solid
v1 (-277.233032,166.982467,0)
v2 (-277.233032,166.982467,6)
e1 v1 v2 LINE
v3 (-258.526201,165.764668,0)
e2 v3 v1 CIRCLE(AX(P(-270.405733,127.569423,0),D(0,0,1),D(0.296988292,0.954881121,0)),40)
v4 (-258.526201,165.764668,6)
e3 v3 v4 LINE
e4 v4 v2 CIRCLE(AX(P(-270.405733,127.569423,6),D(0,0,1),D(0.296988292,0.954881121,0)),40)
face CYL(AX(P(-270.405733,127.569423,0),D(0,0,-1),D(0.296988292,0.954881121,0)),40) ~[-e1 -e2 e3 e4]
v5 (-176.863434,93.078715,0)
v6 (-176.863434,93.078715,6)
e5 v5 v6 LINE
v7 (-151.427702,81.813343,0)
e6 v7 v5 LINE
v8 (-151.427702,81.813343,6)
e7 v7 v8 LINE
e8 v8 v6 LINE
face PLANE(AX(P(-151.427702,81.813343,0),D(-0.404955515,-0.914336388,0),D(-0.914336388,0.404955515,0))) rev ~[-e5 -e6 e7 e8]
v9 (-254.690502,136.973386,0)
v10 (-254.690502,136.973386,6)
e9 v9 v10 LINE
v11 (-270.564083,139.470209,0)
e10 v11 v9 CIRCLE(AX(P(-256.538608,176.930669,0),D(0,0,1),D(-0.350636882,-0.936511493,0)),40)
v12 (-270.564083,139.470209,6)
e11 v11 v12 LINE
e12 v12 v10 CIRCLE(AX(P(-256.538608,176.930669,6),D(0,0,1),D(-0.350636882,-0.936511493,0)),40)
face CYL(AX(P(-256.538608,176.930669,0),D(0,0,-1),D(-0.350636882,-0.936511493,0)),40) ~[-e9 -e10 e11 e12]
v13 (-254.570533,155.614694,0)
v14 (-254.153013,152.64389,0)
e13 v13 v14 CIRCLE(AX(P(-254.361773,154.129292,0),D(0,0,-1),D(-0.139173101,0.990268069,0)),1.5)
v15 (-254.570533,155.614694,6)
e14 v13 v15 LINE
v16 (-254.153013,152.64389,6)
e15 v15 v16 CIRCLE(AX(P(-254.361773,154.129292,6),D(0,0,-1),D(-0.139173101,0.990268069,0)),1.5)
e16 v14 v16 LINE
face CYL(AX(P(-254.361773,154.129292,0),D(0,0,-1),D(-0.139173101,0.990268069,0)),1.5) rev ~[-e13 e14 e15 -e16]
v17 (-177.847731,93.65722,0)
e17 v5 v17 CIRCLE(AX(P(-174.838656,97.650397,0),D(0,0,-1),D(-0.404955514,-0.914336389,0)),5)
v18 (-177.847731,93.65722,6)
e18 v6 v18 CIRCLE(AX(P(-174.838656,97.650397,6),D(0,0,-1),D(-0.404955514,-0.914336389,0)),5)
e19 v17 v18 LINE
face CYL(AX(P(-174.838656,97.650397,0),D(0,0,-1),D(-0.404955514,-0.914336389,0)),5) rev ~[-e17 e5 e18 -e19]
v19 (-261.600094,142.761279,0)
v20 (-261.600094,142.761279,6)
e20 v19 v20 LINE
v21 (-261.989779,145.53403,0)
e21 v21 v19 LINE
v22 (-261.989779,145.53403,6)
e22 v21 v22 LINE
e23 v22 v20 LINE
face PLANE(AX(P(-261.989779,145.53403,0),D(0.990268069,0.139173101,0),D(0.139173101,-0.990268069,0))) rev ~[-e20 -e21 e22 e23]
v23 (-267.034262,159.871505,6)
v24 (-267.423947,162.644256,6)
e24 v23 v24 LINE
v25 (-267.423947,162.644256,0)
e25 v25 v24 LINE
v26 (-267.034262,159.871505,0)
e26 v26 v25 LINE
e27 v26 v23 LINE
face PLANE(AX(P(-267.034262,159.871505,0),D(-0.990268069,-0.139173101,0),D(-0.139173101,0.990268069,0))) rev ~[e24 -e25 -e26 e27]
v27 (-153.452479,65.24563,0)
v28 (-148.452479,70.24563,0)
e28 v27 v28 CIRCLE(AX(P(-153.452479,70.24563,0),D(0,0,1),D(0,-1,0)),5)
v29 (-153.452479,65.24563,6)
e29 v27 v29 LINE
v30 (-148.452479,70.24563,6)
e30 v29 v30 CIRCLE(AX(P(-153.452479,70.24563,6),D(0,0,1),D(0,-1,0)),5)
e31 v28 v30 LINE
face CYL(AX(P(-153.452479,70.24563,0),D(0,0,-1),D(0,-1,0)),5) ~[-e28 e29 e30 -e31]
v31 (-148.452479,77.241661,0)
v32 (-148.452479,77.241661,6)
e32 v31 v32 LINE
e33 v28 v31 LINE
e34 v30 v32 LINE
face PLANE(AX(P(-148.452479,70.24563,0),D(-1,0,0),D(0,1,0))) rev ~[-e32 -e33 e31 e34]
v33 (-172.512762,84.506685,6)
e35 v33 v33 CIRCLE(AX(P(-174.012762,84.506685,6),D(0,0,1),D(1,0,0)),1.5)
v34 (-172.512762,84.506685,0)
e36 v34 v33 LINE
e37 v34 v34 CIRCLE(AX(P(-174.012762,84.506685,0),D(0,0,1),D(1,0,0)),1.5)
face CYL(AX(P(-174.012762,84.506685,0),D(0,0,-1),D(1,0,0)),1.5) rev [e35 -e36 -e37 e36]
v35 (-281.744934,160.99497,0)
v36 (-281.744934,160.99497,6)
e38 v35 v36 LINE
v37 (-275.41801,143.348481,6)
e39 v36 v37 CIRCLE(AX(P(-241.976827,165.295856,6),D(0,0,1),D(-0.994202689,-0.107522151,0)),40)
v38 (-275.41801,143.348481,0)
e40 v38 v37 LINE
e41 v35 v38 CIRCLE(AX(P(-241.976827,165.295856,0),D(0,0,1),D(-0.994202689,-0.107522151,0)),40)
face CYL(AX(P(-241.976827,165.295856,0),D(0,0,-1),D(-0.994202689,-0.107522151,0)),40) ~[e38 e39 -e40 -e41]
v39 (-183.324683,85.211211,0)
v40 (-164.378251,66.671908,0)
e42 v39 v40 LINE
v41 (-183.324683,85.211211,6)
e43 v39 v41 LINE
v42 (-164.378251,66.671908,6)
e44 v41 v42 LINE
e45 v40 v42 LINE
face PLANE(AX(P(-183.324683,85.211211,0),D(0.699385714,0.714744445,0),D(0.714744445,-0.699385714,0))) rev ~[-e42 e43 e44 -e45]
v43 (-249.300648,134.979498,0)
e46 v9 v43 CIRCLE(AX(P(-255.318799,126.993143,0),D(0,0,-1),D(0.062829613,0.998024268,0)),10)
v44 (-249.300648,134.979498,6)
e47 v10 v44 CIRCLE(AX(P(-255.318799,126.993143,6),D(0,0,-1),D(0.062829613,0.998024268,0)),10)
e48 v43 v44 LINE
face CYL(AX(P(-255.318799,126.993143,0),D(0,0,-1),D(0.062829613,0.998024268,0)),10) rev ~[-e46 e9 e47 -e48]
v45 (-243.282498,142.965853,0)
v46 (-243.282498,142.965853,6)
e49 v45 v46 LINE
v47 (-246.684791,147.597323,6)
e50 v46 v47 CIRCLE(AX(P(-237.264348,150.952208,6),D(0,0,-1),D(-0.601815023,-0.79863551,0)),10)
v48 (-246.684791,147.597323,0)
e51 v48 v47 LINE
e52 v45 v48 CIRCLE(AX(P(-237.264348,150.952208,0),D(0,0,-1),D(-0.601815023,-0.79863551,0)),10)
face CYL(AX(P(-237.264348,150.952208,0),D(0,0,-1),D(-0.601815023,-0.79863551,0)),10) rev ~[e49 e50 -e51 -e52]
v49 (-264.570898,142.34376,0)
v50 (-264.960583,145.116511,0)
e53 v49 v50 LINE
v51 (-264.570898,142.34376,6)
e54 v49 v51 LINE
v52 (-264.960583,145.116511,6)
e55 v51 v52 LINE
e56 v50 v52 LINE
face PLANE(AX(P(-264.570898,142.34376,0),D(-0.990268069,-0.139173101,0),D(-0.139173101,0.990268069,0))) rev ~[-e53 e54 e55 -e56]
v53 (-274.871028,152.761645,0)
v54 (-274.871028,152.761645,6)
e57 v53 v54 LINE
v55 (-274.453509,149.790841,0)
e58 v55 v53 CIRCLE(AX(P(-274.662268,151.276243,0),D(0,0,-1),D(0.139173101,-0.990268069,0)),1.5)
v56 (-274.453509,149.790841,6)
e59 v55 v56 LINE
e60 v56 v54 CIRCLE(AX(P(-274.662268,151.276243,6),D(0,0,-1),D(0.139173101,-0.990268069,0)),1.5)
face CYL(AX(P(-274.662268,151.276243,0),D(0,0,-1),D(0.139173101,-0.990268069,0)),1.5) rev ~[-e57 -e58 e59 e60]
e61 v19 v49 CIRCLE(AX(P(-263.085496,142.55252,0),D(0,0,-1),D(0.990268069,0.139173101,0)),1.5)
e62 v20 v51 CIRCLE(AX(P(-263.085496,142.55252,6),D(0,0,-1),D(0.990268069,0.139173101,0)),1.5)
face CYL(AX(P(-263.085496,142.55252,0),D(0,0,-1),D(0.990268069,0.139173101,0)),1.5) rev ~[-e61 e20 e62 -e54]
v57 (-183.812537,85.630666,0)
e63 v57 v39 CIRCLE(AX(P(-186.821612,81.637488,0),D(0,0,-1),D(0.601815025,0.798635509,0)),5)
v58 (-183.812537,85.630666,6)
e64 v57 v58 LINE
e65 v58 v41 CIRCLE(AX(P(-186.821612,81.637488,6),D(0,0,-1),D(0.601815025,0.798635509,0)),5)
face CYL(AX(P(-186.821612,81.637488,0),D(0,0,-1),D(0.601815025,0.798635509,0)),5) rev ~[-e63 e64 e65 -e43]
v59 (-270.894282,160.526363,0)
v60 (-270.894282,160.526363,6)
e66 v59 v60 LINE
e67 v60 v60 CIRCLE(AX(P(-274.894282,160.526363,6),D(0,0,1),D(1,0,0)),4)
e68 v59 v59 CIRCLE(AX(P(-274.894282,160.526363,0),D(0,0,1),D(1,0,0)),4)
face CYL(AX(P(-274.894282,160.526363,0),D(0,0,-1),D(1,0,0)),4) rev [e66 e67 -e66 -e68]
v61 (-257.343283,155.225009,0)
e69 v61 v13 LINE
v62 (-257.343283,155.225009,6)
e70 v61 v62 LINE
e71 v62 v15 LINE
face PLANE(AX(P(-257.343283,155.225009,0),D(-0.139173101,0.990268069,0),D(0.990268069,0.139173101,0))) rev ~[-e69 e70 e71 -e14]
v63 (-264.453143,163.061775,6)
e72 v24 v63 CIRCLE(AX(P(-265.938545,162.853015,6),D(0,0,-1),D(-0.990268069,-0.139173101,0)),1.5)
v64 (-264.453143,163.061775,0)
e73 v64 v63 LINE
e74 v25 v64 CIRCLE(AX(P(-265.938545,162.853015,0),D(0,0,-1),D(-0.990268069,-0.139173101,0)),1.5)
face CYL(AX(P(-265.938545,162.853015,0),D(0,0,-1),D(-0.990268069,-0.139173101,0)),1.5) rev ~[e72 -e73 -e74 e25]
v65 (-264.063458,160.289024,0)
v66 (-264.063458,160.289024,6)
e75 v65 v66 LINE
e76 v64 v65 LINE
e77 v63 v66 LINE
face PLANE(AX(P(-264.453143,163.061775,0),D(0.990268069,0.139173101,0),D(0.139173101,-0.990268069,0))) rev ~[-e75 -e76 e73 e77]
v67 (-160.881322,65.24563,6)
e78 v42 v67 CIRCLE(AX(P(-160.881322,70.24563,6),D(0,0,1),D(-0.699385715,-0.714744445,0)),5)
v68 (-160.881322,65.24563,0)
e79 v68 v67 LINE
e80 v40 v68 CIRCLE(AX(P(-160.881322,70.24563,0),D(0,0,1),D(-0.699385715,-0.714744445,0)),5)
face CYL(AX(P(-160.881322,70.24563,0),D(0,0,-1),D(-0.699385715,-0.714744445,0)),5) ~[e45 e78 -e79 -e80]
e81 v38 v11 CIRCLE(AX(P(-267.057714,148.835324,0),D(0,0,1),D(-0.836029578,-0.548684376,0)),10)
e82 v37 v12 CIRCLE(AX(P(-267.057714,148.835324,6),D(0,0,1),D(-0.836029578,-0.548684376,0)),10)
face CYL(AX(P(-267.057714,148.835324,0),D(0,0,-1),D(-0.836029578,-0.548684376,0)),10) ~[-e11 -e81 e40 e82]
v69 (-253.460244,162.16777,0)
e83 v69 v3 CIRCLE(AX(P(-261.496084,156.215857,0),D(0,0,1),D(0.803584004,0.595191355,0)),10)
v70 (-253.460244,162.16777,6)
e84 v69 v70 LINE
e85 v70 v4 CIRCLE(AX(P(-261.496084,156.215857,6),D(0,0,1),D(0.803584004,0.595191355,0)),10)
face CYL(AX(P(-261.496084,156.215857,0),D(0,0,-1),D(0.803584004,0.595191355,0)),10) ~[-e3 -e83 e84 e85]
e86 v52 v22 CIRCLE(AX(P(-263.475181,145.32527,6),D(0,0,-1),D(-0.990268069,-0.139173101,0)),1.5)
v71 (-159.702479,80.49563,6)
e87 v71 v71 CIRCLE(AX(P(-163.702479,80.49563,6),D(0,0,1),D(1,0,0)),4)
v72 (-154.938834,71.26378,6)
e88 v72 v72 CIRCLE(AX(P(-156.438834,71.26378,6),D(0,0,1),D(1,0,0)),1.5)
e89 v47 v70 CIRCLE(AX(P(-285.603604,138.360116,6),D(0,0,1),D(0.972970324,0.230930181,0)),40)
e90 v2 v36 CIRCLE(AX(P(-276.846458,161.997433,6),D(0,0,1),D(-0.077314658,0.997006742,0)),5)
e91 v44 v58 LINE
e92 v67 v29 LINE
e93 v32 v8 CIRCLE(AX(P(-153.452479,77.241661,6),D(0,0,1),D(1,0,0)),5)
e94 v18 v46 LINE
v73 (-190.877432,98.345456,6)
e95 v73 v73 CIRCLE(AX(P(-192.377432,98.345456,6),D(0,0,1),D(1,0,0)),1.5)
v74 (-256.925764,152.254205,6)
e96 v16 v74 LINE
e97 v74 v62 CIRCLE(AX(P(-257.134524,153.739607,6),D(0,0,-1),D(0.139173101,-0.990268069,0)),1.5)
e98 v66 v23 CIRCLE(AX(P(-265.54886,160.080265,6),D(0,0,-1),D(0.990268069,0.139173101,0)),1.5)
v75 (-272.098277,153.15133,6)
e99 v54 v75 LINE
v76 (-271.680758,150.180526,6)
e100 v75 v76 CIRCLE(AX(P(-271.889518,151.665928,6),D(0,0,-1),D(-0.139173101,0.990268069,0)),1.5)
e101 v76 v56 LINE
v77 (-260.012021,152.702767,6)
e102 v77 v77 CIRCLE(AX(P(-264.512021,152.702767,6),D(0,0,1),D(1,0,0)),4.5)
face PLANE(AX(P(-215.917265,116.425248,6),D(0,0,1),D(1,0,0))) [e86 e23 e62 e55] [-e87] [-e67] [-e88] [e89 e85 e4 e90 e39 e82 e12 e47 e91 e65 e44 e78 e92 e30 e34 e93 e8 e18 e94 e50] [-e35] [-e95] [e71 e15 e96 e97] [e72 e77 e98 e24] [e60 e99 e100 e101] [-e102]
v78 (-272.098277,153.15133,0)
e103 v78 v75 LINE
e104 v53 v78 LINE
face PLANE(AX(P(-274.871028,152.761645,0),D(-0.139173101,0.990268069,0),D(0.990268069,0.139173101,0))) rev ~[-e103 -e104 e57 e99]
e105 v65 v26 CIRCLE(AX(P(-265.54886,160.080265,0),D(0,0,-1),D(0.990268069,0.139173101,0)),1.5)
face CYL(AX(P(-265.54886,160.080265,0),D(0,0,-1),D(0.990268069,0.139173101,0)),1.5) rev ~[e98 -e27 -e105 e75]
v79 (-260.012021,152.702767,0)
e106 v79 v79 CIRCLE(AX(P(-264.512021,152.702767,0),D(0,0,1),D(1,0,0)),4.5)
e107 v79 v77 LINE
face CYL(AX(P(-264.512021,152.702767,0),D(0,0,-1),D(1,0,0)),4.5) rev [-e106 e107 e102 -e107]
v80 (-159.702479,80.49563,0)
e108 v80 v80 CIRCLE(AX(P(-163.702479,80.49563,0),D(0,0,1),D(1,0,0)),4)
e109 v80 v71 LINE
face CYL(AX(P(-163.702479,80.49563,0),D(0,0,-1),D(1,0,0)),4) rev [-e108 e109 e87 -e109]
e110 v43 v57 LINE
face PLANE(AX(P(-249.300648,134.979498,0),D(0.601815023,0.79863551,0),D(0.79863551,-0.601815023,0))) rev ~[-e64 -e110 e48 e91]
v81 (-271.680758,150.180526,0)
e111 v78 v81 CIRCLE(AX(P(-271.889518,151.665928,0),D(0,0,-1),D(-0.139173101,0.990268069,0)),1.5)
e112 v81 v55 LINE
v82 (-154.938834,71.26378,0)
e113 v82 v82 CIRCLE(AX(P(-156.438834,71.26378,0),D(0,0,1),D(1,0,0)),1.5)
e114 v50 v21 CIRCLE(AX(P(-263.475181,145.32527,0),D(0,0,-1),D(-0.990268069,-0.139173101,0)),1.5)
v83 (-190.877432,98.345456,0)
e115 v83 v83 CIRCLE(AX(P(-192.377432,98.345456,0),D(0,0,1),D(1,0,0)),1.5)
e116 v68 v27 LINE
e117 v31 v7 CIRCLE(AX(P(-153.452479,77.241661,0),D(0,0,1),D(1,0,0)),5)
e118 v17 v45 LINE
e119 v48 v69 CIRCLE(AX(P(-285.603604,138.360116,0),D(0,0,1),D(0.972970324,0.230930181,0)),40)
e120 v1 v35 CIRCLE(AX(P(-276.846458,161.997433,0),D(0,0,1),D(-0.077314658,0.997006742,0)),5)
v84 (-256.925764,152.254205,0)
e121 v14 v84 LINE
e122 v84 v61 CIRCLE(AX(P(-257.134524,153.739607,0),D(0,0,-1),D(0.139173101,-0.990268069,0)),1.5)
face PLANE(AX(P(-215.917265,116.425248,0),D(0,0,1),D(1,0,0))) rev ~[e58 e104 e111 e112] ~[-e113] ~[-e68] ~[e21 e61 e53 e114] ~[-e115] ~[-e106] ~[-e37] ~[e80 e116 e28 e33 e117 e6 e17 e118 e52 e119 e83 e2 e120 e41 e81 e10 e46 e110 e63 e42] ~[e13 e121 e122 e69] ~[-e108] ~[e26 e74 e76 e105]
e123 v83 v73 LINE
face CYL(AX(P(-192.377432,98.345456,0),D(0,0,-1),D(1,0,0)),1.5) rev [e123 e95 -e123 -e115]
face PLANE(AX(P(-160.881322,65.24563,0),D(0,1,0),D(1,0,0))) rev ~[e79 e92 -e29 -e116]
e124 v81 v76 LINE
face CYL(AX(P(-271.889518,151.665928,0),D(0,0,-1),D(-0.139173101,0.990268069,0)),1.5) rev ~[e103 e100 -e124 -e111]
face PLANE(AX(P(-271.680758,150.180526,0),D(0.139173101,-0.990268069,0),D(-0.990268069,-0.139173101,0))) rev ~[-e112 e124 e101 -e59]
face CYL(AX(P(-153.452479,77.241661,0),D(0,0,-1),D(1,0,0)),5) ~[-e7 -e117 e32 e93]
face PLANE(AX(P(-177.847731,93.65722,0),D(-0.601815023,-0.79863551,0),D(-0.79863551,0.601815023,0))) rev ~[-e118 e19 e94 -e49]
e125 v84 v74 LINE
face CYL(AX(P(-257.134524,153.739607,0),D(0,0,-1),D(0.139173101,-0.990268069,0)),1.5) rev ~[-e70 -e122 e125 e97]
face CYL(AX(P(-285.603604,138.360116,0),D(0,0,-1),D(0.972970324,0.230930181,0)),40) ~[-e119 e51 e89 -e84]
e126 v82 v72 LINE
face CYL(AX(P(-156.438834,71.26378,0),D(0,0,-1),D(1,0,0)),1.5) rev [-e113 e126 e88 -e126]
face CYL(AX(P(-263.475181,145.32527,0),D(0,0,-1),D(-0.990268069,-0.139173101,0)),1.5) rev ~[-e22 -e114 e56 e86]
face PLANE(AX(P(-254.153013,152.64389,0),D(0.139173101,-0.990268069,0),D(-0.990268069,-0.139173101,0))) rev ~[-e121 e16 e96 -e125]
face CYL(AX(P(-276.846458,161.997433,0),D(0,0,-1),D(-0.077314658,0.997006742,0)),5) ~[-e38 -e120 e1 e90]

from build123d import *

# Parameters (mm, degrees)
CROQUIS1_R              = 1.5
CROQUIS1_R_2            = 4
CROQUIS1_R_3            = 4.5
SALIENTE_EXTRUIR1_DEPTH = 6


with BuildPart() as part:
    # Croquis1 → Saliente-Extruir1 (new body)
    with BuildSketch(Plane.XY):
        with BuildLine():
            ThreePointArc((-153.452479084, 65.245629882), (-149.916945178, 66.710095976), (-148.452479084, 70.245629882))
            Line((-148.452479084, 70.245629882), (-148.452479084, 77.241660705))
            ThreePointArc((-148.452479084, 77.241660705), (-149.261781775, 79.96894068), (-151.427701509, 81.813342646))
            Line((-151.427701509, 81.813342646), (-176.86343393, 93.078715272))
            ThreePointArc((-176.86343393, 93.078715272), (-177.372149016, 93.339780675), (-177.847731471, 93.657219664))
            Line((-177.847731471, 93.657219663), (-243.282498112, 142.965853083))
            ThreePointArc((-243.282498112, 142.965853083), (-245.323514753, 145.031918552), (-246.684791002, 147.597323475))
            ThreePointArc((-246.684791002, 147.597323475), (-249.33333249, 155.226277836), (-253.46024382, 162.167770437))
            ThreePointArc((-253.46024382, 162.167770437), (-255.706791789, 164.36963499), (-258.526200935, 165.764668091))
            ThreePointArc((-258.526200935, 165.764668091), (-267.807267276, 167.484933762), (-277.233031605, 166.98246665))
            ThreePointArc((-277.233031605, 166.98246665), (-280.839635864, 165.006508056), (-281.744934312, 160.994969527))
            ThreePointArc((-281.744934312, 160.994969527), (-279.629843944, 151.795844616), (-275.418009863, 143.348480526))
            ThreePointArc((-275.418009863, 143.348480526), (-273.299883496, 141.022813744), (-270.564082899, 139.470209357))
            ThreePointArc((-270.564082899, 139.470209357), (-262.753961023, 137.416502238), (-254.690502443, 136.973385563))
            ThreePointArc((-254.690502443, 136.973385563), (-251.84925837, 136.371964278), (-249.300648344, 134.979497983))
            Line((-249.300648344, 134.979497983), (-183.81253652, 85.630666085))
            ThreePointArc((-183.81253652, 85.630666085), (-183.561856018, 85.428793496), (-183.324683063, 85.211210762))
            Line((-183.324683063, 85.211210762), (-164.378251009, 66.671907655))
            ThreePointArc((-164.378251009, 66.671907655), (-162.769627082, 65.615910067), (-160.881322437, 65.245629882))
            Line((-160.881322437, 65.245629882), (-153.452479084, 65.245629882))
        make_face()
        with Locations((-156.438834184, 71.263780114)):
            Circle(CROQUIS1_R, mode=Mode.SUBTRACT)
        with Locations((-174.012762489, 84.506684964)):
            Circle(CROQUIS1_R, mode=Mode.SUBTRACT)
        with Locations((-163.702479084, 80.495629882)):
            Circle(CROQUIS1_R_2, mode=Mode.SUBTRACT)
        with Locations((-192.377432136, 98.345456156)):
            Circle(CROQUIS1_R, mode=Mode.SUBTRACT)
        with BuildLine():
            Line((-271.680758131, 150.180525793), (-274.453508724, 149.79084111))
            ThreePointArc((-274.453508724, 149.79084111), (-276.147670478, 151.067483562), (-274.871028026, 152.761645316))
            Line((-274.871028026, 152.761645316), (-272.098277434, 153.151329999))
            ThreePointArc((-272.098277434, 153.151329999), (-270.404115679, 151.874687547), (-271.680758131, 150.180525793))
        make_face(mode=Mode.SUBTRACT)
        with BuildLine():
            Line((-261.989778965, 145.534030037), (-261.600094282, 142.761279445))
            ThreePointArc((-261.600094282, 142.761279445), (-262.876736734, 141.06711769), (-264.570898489, 142.343760142))
            Line((-264.570898489, 142.343760142), (-264.960583171, 145.116510734))
            ThreePointArc((-264.960583171, 145.116510734), (-263.68394072, 146.810672489), (-261.989778965, 145.534030037))
        make_face(mode=Mode.SUBTRACT)
        with Locations((-264.51202067, 152.702767498)):
            Circle(CROQUIS1_R_3, mode=Mode.SUBTRACT)
        with BuildLine():
            Line((-257.34328321, 155.225009203), (-254.570532617, 155.614693886))
            ThreePointArc((-254.570532617, 155.614693886), (-252.876370863, 154.338051434), (-254.153013314, 152.64388968))
            Line((-254.153013314, 152.64388968), (-256.925763907, 152.254204997))
            ThreePointArc((-256.925763907, 152.254204997), (-258.619925661, 153.530847449), (-257.34328321, 155.225009203))
        make_face(mode=Mode.SUBTRACT)
        with Locations((-274.894282301, 160.526362799)):
            Circle(CROQUIS1_R_2, mode=Mode.SUBTRACT)
        with BuildLine():
            Line((-267.034262376, 159.871504959), (-267.423947058, 162.644255551))
            ThreePointArc((-267.423947058, 162.644255551), (-266.147304607, 164.338417306), (-264.453142852, 163.061774854))
            Line((-264.453142852, 163.061774854), (-264.063458169, 160.289024262))
            ThreePointArc((-264.063458169, 160.289024262), (-265.340100621, 158.594862507), (-267.034262376, 159.871504959))
        make_face(mode=Mode.SUBTRACT)
    extrude(amount=SALIENTE_EXTRUIR1_DEPTH)


solid = part.part
